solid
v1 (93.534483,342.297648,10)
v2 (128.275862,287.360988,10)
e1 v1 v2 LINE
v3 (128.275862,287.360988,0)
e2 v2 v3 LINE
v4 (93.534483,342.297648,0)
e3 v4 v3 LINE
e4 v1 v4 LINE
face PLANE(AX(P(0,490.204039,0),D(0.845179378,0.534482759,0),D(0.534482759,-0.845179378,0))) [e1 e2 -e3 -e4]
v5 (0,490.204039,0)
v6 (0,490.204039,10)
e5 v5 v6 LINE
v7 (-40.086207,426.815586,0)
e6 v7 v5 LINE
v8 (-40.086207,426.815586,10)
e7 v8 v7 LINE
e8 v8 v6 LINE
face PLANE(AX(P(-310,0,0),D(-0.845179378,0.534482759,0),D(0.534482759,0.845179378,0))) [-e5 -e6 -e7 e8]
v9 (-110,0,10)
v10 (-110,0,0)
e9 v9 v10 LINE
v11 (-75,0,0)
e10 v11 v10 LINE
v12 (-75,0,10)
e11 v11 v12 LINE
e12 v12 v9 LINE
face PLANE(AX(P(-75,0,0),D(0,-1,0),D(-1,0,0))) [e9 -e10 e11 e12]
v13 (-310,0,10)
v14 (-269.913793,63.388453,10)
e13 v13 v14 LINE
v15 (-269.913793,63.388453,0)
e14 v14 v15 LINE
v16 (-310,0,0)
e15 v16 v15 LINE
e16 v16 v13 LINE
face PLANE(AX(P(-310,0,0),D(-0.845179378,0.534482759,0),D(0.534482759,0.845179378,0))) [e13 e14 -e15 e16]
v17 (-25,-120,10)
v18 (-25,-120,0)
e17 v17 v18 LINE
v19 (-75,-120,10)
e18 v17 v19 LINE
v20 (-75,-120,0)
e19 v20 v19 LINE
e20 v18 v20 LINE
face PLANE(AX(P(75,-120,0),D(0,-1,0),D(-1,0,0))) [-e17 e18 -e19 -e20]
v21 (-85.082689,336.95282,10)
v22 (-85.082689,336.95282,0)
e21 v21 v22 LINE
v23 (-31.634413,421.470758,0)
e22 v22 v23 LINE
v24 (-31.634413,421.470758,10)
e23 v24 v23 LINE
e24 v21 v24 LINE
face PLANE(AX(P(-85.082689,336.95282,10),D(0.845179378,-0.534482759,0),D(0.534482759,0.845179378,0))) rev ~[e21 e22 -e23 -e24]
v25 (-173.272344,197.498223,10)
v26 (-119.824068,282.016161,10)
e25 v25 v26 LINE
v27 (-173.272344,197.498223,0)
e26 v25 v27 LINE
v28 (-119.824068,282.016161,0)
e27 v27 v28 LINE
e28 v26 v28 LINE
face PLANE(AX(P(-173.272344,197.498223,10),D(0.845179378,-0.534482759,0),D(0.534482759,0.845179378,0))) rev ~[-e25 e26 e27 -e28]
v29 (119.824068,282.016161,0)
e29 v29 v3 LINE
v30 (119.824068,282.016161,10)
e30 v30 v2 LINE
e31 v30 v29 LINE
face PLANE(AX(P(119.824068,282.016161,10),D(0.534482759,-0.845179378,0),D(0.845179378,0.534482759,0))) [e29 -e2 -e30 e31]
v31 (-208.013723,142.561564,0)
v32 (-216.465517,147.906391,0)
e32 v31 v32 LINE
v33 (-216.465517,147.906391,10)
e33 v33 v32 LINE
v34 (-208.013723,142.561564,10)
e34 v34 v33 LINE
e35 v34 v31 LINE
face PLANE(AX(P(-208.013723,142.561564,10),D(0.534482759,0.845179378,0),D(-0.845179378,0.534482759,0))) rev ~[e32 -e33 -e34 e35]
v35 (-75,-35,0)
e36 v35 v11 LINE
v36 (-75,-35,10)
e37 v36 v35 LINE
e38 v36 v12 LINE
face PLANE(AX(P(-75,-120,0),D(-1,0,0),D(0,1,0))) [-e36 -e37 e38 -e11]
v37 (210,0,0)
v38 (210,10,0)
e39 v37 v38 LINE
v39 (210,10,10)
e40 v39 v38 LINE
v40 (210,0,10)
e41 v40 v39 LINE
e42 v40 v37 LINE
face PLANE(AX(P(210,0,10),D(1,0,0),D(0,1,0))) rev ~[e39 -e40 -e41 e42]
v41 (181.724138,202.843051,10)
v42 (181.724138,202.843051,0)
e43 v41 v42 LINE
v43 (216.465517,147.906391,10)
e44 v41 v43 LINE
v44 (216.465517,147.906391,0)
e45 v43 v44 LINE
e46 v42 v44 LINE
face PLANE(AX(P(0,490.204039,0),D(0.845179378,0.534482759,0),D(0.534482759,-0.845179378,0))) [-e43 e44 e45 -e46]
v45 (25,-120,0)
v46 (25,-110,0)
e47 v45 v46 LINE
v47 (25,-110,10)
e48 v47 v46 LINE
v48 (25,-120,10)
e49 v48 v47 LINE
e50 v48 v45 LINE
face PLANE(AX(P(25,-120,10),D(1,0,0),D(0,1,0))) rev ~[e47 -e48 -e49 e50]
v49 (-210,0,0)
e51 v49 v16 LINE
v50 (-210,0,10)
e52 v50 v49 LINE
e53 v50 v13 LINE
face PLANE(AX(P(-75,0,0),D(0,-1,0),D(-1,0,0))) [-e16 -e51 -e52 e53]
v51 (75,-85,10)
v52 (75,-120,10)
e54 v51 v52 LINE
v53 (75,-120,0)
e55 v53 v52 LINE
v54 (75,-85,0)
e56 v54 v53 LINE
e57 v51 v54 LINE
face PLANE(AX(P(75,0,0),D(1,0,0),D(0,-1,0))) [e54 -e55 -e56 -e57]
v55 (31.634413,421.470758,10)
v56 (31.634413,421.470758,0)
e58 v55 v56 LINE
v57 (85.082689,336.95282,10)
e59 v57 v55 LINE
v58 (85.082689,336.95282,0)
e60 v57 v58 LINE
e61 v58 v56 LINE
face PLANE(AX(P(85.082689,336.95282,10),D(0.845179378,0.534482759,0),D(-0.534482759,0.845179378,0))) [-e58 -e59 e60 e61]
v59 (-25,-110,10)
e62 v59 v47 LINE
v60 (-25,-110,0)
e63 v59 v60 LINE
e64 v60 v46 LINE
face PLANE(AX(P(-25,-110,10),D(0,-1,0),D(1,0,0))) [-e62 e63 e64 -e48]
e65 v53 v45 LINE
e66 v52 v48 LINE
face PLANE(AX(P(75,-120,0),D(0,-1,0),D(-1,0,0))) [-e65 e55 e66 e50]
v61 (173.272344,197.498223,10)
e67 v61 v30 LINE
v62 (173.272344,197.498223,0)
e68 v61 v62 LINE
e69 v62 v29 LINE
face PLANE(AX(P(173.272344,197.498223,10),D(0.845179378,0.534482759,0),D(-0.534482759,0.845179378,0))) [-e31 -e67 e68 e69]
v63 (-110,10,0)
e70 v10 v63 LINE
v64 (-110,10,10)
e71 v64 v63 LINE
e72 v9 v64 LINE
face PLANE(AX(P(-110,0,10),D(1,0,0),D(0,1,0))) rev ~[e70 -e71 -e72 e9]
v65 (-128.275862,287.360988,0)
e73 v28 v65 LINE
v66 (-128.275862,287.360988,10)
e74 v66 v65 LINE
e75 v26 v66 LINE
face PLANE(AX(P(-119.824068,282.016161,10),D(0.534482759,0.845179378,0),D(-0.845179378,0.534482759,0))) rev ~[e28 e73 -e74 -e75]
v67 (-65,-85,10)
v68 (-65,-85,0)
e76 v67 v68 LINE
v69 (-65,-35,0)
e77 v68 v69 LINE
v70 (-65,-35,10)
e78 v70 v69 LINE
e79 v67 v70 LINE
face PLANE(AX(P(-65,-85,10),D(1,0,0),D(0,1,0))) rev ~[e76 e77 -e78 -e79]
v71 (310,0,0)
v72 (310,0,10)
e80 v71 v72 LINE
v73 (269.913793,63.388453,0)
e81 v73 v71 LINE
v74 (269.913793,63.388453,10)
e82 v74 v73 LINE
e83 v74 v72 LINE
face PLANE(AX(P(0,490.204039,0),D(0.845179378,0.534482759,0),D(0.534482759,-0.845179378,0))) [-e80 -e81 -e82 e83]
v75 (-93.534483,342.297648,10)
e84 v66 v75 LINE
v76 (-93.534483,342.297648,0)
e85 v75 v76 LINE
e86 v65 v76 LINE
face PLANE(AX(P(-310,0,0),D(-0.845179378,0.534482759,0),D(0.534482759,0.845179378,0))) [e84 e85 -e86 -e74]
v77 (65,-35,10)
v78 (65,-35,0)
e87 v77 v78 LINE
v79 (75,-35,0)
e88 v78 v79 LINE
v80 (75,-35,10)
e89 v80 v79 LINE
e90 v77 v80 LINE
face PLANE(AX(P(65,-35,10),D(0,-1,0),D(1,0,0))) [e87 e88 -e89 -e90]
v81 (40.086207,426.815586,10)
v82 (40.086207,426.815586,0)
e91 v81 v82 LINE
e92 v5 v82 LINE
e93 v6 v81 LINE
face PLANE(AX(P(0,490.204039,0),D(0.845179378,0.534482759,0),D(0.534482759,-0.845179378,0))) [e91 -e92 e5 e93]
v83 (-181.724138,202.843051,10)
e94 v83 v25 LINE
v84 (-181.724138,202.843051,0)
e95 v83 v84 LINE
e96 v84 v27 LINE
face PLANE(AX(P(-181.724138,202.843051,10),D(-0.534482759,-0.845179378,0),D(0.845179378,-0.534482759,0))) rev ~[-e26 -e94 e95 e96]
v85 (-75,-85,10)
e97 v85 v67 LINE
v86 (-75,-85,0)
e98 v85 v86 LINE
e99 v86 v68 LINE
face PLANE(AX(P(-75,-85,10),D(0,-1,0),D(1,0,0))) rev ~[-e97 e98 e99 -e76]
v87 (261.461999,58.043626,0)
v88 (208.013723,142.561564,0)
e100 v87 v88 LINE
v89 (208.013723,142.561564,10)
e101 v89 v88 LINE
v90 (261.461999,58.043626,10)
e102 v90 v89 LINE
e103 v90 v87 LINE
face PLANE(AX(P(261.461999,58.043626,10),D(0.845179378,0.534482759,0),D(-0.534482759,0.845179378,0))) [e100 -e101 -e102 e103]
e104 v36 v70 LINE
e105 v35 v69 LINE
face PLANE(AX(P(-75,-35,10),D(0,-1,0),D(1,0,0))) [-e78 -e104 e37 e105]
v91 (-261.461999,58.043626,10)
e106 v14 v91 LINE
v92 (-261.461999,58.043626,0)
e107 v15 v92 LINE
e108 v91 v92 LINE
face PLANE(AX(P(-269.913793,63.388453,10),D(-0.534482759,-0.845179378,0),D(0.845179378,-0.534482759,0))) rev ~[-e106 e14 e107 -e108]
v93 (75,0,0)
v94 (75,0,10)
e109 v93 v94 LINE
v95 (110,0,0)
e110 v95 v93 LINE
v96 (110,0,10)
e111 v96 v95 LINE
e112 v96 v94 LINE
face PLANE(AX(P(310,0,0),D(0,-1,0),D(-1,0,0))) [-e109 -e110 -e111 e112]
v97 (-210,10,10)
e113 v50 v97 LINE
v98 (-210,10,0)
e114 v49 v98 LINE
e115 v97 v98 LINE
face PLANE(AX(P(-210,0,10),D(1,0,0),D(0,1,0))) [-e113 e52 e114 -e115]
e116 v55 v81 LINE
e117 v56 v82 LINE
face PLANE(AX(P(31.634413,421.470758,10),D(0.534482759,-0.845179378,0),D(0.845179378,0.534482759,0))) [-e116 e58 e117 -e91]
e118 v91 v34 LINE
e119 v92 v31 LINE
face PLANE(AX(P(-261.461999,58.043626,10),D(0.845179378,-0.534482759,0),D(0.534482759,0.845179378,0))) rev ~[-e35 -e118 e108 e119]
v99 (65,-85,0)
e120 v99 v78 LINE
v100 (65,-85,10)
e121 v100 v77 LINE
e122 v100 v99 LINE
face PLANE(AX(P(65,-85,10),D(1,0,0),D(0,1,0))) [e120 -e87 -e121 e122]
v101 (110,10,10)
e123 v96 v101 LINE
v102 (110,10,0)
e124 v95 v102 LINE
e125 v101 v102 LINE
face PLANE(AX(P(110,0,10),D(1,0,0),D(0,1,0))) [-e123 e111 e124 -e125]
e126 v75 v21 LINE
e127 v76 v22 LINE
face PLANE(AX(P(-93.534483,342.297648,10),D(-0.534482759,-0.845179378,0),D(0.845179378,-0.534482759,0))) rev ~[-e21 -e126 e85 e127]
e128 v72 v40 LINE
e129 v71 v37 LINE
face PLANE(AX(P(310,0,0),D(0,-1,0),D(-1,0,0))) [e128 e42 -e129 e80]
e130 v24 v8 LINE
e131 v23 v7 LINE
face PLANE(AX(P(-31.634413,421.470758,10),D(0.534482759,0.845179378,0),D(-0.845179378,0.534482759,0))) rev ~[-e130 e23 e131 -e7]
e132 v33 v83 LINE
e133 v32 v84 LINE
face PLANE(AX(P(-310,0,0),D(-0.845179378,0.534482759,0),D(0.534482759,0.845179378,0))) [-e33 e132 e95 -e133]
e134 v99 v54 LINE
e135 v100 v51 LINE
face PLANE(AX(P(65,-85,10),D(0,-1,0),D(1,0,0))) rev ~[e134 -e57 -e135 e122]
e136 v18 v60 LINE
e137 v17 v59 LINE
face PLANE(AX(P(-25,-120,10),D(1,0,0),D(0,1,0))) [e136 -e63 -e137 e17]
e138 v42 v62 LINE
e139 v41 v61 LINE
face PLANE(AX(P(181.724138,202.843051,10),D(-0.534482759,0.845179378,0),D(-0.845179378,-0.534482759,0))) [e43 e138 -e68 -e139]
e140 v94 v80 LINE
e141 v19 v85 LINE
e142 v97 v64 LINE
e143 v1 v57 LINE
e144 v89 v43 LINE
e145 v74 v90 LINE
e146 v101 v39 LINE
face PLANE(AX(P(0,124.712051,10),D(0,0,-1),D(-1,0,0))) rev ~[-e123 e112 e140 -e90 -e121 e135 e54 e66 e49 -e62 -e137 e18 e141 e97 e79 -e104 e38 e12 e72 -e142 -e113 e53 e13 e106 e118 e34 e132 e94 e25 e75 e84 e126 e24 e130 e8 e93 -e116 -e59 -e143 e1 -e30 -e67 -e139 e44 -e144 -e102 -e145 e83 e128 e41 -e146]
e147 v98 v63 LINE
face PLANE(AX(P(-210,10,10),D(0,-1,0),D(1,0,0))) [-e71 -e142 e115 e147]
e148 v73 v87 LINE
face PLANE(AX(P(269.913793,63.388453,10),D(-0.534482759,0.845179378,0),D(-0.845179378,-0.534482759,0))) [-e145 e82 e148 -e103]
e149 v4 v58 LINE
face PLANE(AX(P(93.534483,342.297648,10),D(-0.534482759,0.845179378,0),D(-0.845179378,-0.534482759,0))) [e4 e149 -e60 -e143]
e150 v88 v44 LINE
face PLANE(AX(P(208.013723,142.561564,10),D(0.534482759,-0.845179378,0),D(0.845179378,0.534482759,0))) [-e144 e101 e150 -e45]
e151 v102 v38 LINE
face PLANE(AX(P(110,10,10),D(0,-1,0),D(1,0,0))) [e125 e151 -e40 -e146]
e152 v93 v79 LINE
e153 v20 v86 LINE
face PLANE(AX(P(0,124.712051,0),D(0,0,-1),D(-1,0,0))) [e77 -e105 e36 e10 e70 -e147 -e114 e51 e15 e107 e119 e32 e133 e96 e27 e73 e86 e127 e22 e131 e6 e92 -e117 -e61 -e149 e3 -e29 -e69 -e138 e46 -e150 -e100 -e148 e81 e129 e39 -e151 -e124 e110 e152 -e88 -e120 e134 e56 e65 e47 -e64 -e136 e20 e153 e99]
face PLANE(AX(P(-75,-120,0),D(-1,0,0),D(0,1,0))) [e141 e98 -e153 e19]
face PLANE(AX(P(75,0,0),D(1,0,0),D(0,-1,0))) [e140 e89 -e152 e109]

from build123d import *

# Parameters (mm, degrees)
BOSS_EXTRU_1_DEPTH      = 10
ESQUISSE2_W             = 100
ESQUISSE2_H             = 10
ESQUISSE2_W_2           = 10
ESQUISSE2_H_2           = 50
ESQUISSE2_W_3           = 50
ENL_V_MAT_EXTRU_1_DEPTH = 10


with BuildPart() as part:
    # Esquisse1 → Boss.-Extru.1 (new body)
    with BuildSketch(Plane.XY):
        Polygon((-310, 0), (0, 490.204039151), (310, 0), (75, 0), (75, -120), (-75, -120), (-75, 0), align=None)
    extrude(amount=BOSS_EXTRU_1_DEPTH)

    # Esquisse2 → Enlèv. mat.-Extru.1 (cut)
    with BuildSketch(Plane.XY.offset(10)):
        Polygon((-269.913793103, 63.388453338), (-261.461999325, 58.043625752), (-208.013723463, 142.561563537), (-216.465517241, 147.906391123), align=None)
        Polygon((-181.724137931, 202.843050683), (-173.272344153, 197.498223097), (-119.82406829, 282.016160882), (-128.275862069, 287.360988468), align=None)
        Polygon((-93.534482759, 342.297648028), (-85.08268898, 336.952820442), (-31.634413118, 421.470758226), (-40.086206897, 426.815585813), align=None)
        Polygon((208.013723463, 142.561563537), (216.465517241, 147.906391123), (269.913793103, 63.388453338), (261.461999325, 58.043625752), align=None)
        Polygon((31.634413118, 421.470758226), (40.086206897, 426.815585813), (93.534482759, 342.297648028), (85.08268898, 336.952820442), align=None)
        Polygon((119.82406829, 282.016160882), (128.275862069, 287.360988468), (181.724137931, 202.843050683), (173.272344153, 197.498223097), align=None)
        with Locations((-160, 5)):
            Rectangle(ESQUISSE2_W, ESQUISSE2_H)
        with Locations((160, 5)):
            Rectangle(ESQUISSE2_W, ESQUISSE2_H)
        with Locations((-70, -60)):
            Rectangle(ESQUISSE2_W_2, ESQUISSE2_H_2)
        with Locations((70, -60)):
            Rectangle(ESQUISSE2_W_2, ESQUISSE2_H_2)
        with Locations((0, -115)):
            Rectangle(ESQUISSE2_W_3, ESQUISSE2_H)
    extrude(amount=-ENL_V_MAT_EXTRU_1_DEPTH, mode=Mode.SUBTRACT)


solid = part.part
